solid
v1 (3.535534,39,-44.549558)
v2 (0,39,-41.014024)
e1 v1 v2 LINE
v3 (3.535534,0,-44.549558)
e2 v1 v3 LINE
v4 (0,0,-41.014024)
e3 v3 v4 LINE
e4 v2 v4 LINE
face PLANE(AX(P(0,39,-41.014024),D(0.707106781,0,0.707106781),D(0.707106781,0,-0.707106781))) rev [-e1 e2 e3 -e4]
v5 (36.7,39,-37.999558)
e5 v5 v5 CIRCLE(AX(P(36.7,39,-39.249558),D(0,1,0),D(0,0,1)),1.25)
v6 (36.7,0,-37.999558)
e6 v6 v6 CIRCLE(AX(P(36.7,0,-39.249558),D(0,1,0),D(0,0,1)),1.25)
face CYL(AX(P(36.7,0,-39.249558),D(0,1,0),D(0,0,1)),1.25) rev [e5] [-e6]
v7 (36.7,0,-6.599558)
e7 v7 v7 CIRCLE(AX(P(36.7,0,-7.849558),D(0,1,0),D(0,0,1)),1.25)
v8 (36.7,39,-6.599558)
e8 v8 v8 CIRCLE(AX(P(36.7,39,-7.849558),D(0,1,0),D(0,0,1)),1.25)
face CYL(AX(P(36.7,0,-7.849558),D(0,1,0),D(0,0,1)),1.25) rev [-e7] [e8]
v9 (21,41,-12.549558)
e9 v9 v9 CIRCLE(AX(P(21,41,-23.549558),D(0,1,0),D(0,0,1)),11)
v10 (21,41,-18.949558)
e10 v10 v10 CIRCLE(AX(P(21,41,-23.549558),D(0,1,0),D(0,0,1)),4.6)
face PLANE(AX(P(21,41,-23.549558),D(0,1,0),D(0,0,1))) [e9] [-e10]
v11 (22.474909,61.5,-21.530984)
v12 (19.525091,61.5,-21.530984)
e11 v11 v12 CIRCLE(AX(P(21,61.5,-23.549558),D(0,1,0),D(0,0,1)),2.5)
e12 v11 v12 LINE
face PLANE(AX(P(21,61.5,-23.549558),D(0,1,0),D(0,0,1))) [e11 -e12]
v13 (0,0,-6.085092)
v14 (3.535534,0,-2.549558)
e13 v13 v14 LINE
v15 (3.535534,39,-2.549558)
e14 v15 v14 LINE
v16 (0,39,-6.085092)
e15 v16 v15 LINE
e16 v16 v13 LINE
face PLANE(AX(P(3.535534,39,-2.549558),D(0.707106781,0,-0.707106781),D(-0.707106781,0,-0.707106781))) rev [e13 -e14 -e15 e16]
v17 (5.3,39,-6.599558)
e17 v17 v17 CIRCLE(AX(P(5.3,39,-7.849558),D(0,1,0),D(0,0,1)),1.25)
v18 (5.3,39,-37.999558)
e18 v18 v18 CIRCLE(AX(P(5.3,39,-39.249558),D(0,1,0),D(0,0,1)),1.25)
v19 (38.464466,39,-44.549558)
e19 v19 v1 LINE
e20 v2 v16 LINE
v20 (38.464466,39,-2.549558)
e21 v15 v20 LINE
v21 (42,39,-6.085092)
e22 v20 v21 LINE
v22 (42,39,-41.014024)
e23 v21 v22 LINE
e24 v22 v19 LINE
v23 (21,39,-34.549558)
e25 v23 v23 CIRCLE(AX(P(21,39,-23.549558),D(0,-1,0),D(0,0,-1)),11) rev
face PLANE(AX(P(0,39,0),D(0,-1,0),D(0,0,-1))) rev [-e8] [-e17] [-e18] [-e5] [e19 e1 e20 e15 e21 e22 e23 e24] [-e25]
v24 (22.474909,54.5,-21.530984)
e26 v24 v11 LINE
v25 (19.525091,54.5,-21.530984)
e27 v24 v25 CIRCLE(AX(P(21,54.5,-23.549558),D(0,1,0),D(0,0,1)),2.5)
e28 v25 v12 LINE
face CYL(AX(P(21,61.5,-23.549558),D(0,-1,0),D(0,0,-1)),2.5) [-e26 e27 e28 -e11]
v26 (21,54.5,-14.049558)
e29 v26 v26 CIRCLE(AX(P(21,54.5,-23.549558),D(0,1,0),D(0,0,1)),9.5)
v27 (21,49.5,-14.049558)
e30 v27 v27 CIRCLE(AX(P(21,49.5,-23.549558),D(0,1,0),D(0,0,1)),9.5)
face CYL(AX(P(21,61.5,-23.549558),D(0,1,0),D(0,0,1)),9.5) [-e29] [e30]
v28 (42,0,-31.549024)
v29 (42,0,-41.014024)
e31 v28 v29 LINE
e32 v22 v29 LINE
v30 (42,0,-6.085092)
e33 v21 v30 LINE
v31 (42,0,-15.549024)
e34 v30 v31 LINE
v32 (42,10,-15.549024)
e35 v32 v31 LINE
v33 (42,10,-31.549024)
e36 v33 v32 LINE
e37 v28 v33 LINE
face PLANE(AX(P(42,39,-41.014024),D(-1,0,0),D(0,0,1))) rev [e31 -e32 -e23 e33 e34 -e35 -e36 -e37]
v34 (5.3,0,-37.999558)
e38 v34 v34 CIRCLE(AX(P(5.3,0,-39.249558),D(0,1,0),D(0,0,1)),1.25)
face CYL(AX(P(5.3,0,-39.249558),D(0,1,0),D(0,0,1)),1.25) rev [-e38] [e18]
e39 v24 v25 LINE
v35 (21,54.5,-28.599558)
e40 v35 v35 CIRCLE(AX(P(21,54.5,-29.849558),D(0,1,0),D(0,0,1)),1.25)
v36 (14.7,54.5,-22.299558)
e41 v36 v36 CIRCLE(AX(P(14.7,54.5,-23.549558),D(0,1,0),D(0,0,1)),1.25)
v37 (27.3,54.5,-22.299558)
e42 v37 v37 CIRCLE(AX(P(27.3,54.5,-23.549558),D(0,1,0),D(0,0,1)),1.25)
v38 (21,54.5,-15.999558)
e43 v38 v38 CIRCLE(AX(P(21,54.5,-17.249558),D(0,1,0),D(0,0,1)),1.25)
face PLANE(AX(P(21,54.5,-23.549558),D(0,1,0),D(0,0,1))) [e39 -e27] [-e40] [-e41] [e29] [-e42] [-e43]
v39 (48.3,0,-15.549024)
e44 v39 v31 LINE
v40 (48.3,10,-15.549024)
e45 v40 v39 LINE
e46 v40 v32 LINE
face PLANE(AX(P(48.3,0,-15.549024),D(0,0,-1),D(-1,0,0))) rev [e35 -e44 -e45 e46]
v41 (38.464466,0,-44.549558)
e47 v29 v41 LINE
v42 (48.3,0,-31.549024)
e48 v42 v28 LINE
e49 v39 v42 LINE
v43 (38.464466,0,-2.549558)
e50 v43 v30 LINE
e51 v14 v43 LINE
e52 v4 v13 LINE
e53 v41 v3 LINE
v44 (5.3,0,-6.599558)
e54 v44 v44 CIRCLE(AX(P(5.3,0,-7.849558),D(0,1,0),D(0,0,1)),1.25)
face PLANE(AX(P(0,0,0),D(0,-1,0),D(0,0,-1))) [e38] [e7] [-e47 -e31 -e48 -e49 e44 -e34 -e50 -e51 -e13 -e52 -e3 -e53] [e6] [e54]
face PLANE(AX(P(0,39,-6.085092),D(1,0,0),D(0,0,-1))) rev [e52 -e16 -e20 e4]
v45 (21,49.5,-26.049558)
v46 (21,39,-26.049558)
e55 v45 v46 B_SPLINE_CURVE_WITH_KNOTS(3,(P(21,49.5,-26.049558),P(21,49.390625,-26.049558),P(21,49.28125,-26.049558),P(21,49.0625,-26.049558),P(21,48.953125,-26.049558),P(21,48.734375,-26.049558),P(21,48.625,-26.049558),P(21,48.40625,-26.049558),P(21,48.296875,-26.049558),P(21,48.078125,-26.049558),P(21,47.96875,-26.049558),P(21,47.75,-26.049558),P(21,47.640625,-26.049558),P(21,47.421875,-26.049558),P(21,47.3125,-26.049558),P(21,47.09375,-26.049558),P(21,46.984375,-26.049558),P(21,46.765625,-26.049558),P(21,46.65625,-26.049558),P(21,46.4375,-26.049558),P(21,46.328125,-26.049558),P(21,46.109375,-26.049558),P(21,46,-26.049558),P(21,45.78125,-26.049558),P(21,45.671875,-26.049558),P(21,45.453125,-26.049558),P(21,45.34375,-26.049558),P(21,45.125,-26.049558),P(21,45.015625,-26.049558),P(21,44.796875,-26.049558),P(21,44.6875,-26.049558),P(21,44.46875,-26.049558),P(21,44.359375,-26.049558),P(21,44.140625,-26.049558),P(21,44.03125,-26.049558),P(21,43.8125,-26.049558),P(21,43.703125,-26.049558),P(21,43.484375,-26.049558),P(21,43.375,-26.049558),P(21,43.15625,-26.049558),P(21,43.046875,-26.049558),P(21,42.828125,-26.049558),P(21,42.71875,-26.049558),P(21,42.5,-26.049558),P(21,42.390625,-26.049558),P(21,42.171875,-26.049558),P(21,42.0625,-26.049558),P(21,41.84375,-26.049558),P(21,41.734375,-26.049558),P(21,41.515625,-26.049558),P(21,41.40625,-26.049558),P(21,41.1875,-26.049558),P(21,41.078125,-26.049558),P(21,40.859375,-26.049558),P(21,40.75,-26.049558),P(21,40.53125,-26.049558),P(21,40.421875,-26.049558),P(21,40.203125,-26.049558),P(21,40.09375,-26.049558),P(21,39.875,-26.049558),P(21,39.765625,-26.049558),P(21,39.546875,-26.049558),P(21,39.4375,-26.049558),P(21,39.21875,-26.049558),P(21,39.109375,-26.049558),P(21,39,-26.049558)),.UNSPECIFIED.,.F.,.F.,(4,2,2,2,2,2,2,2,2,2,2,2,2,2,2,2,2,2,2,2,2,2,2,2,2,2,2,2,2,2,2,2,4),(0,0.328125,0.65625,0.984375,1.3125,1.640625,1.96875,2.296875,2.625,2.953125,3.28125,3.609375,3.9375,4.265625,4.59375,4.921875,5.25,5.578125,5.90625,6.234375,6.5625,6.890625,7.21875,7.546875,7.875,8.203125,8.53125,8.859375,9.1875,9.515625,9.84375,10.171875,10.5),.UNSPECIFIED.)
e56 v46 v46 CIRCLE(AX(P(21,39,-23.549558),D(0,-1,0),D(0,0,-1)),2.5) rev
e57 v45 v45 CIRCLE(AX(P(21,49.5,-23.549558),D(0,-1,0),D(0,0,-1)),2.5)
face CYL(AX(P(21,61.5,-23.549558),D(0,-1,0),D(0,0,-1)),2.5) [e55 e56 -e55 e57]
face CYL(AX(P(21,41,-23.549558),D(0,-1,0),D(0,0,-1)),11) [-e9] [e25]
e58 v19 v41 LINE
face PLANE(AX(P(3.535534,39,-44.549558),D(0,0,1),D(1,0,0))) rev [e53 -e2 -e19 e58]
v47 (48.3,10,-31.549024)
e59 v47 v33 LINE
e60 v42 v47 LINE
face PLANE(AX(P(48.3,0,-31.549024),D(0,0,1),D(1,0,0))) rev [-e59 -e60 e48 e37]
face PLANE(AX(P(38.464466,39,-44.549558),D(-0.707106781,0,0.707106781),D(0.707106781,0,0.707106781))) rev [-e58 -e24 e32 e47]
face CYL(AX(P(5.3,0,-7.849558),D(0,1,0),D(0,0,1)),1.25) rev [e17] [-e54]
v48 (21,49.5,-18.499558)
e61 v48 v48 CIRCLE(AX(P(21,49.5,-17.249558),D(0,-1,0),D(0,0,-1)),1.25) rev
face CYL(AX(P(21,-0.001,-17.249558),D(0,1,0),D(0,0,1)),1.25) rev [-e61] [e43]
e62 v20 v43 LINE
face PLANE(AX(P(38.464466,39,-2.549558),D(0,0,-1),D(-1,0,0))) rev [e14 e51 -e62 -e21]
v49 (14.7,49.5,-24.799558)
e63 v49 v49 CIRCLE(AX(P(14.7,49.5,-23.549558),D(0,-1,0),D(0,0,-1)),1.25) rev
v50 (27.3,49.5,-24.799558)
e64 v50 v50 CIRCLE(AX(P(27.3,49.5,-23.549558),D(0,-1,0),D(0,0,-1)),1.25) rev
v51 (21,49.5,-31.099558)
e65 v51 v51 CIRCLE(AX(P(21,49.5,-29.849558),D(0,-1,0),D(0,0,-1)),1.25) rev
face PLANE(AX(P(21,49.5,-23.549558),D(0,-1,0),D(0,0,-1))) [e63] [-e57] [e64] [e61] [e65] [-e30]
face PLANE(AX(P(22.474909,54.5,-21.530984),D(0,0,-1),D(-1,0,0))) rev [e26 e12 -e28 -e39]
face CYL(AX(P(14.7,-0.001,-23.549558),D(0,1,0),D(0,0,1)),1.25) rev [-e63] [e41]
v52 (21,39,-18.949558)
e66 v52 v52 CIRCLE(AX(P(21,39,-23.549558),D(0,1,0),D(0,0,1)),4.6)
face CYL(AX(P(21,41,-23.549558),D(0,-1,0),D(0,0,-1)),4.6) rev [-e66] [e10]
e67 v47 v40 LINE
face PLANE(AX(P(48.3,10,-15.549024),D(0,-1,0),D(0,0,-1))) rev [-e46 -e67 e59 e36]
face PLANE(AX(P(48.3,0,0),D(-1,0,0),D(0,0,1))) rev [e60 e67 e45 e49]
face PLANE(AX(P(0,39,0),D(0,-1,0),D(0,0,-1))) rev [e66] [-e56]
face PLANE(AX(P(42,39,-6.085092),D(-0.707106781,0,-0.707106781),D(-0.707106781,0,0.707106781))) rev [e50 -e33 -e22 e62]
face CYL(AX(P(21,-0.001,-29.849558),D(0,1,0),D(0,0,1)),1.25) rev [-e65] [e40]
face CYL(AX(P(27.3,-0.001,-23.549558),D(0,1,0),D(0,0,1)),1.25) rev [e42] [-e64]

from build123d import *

# Parameters (mm, degrees)
BOSS_EXTRU_1_DEPTH      = 39
ESQUISSE2_R             = 1.25
ENL_V_MAT_EXTRU_1_DEPTH = 39
ESQUISSE3_R             = 11
ESQUISSE3_R_2           = 4.6
BOSS_EXTRU_2_DEPTH      = 2
ESQUISSE4_R             = 2.5
BOSS_EXTRU_3_DEPTH      = 22.5
ESQUISSE5_W             = 9.5
ESQUISSE5_H             = 5
ENL_V_MAT_EXTRU_2_REACH = 83.969
ESQUISSE6_R             = 1.25
ENL_V_START             = -7
ENL_V_MAT_EXTRU_4_DEPTH = 7
ESQUISSE9_W             = 16
ESQUISSE9_H             = 10
BOSS_EXTRU_4_DEPTH      = 6.3


with BuildPart() as part:
    # Esquisse1 → Boss.-Extru.1 (new body)
    with BuildSketch(Plane(origin=(0, 0, 0), x_dir=(1, 0, 0), z_dir=(0, 1, 0))):
        Polygon((3.535533906, 2.549558154), (0, 6.08509206), (0, 41.014024248), (3.535533906, 44.549558154), (38.464466094, 44.549558154), (42, 41.014024248), (42, 6.08509206), (38.464466094, 2.549558154), align=None)
    extrude(amount=BOSS_EXTRU_1_DEPTH)

    # Esquisse2 → Enlèv. mat.-Extru.1 (cut)
    with BuildSketch(Plane(origin=(0, 39, 0), x_dir=(1, 0, 0), z_dir=(0, 1, 0))):
        with Locations(Location((5.3, 39.249558154, 0), (0, 0, 270))):
            Circle(ESQUISSE2_R)
        with Locations(Location((36.7, 39.249558154, 0), (0, 0, 270))):
            Circle(ESQUISSE2_R)
        with Locations(Location((36.7, 7.849558154, 0), (0, 0, 270))):
            Circle(ESQUISSE2_R)
        with Locations(Location((5.3, 7.849558154, 0), (0, 0, 270))):
            Circle(ESQUISSE2_R)
    extrude(amount=-ENL_V_MAT_EXTRU_1_DEPTH, mode=Mode.SUBTRACT)

    # Esquisse3 → Boss.-Extru.2 (add)
    with BuildSketch(Plane(origin=(0, 39, 0), x_dir=(1, 0, 0), z_dir=(0, 1, 0))):
        with Locations(Location((21, 23.549558154, 0), (0, 0, 90))):
            Circle(ESQUISSE3_R)
        with Locations(Location((21, 23.549558154, 0), (0, 0, 270))):
            Circle(ESQUISSE3_R_2, mode=Mode.SUBTRACT)
    extrude(amount=BOSS_EXTRU_2_DEPTH)

    # Esquisse4 → Boss.-Extru.3 (add)
    with BuildSketch(Plane(origin=(0, 39, 0), x_dir=(1, 0, 0), z_dir=(0, 1, 0))):
        with Locations(Location((21, 23.549558154, 0), (0, 0, 90))):
            Circle(ESQUISSE4_R)
    extrude(amount=BOSS_EXTRU_3_DEPTH)

    # Esquisse5 → Révolution1 (revolve)
    with BuildSketch(Plane(origin=(21, 0, 0), x_dir=(0, 0, -1), z_dir=(1, 0, 0)), mode=Mode.PRIVATE) as r_volution1_sk:
        with Locations((18.799558154, 52)):
            Rectangle(ESQUISSE5_W, ESQUISSE5_H)
    revolve(r_volution1_sk.sketch.rotate(Axis((21, 61.5, -23.549558154), (0, -1, 0)), 180), axis=Axis((21, 61.5, -23.549558154), (0, -1, 0)))

    # Esquisse6 → Enlèv. mat.-Extru.2 (cut, up to next)
    with BuildSketch(Plane(origin=(0, 54.5, 0), x_dir=(1, 0, 0), z_dir=(0, 1, 0)), mode=Mode.PRIVATE) as enl_v_mat_extru_2_sk1:
        with Locations(Location((27.3, 23.549558154, 0), (0, 0, 270))):
            Circle(ESQUISSE6_R)
    enl_v_mat_extru_2_tool1 = extrude(enl_v_mat_extru_2_sk1.sketch, amount=-ENL_V_MAT_EXTRU_2_REACH, mode=Mode.PRIVATE) & part.part
    # Esquisse6 → Enlèv. mat.-Extru.2 (cut, up to next)
    with BuildSketch(Plane(origin=(0, 54.5, 0), x_dir=(1, 0, 0), z_dir=(0, 1, 0)), mode=Mode.PRIVATE) as enl_v_mat_extru_2_sk2:
        with Locations(Location((21, 17.249558154, 0), (0, 0, 270))):
            Circle(ESQUISSE6_R)
    enl_v_mat_extru_2_tool2 = extrude(enl_v_mat_extru_2_sk2.sketch, amount=-ENL_V_MAT_EXTRU_2_REACH, mode=Mode.PRIVATE) & part.part
    # Esquisse6 → Enlèv. mat.-Extru.2 (cut, up to next)
    with BuildSketch(Plane(origin=(0, 54.5, 0), x_dir=(1, 0, 0), z_dir=(0, 1, 0)), mode=Mode.PRIVATE) as enl_v_mat_extru_2_sk3:
        with Locations(Location((14.7, 23.549558154, 0), (0, 0, 270))):
            Circle(ESQUISSE6_R)
    enl_v_mat_extru_2_tool3 = extrude(enl_v_mat_extru_2_sk3.sketch, amount=-ENL_V_MAT_EXTRU_2_REACH, mode=Mode.PRIVATE) & part.part
    # Esquisse6 → Enlèv. mat.-Extru.2 (cut, up to next)
    with BuildSketch(Plane(origin=(0, 54.5, 0), x_dir=(1, 0, 0), z_dir=(0, 1, 0)), mode=Mode.PRIVATE) as enl_v_mat_extru_2_sk4:
        with Locations(Location((21, 29.849558154, 0), (0, 0, 270))):
            Circle(ESQUISSE6_R)
    enl_v_mat_extru_2_tool4 = extrude(enl_v_mat_extru_2_sk4.sketch, amount=-ENL_V_MAT_EXTRU_2_REACH, mode=Mode.PRIVATE) & part.part
    add(enl_v_mat_extru_2_tool1.solids().sort_by_distance((27.3, 54.5, -23.549558))[0], mode=Mode.SUBTRACT)
    add(enl_v_mat_extru_2_tool2.solids().sort_by_distance((21, 54.5, -17.249558))[0], mode=Mode.SUBTRACT)
    add(enl_v_mat_extru_2_tool3.solids().sort_by_distance((14.7, 54.5, -23.549558))[0], mode=Mode.SUBTRACT)
    add(enl_v_mat_extru_2_tool4.solids().sort_by_distance((21, 54.5, -29.849558))[0], mode=Mode.SUBTRACT)

    # Esquisse8 → Enlèv. mat.-Extru.4 (cut)
    with BuildSketch(Plane(origin=(0, 61.5, 0), x_dir=(1, 0, 0), z_dir=(0, 1, 0)).offset(ENL_V_START)):
        with BuildLine():
            Line((22.47490916, 21.530983664), (19.52509084, 21.530983664))
            ThreePointArc((19.52509084, 21.530983664), (21, 21.049558154), (22.47490916, 21.530983664))
        make_face()
    extrude(amount=ENL_V_MAT_EXTRU_4_DEPTH, mode=Mode.SUBTRACT)

    # Esquisse9 → Boss.-Extru.4 (add)
    with BuildSketch(Plane(origin=(42, 0, 0), x_dir=(0, 0, -1), z_dir=(1, 0, 0))):
        with Locations((23.549024248, 5)):
            Rectangle(ESQUISSE9_W, ESQUISSE9_H)
    extrude(amount=BOSS_EXTRU_4_DEPTH)


solid = part.part
